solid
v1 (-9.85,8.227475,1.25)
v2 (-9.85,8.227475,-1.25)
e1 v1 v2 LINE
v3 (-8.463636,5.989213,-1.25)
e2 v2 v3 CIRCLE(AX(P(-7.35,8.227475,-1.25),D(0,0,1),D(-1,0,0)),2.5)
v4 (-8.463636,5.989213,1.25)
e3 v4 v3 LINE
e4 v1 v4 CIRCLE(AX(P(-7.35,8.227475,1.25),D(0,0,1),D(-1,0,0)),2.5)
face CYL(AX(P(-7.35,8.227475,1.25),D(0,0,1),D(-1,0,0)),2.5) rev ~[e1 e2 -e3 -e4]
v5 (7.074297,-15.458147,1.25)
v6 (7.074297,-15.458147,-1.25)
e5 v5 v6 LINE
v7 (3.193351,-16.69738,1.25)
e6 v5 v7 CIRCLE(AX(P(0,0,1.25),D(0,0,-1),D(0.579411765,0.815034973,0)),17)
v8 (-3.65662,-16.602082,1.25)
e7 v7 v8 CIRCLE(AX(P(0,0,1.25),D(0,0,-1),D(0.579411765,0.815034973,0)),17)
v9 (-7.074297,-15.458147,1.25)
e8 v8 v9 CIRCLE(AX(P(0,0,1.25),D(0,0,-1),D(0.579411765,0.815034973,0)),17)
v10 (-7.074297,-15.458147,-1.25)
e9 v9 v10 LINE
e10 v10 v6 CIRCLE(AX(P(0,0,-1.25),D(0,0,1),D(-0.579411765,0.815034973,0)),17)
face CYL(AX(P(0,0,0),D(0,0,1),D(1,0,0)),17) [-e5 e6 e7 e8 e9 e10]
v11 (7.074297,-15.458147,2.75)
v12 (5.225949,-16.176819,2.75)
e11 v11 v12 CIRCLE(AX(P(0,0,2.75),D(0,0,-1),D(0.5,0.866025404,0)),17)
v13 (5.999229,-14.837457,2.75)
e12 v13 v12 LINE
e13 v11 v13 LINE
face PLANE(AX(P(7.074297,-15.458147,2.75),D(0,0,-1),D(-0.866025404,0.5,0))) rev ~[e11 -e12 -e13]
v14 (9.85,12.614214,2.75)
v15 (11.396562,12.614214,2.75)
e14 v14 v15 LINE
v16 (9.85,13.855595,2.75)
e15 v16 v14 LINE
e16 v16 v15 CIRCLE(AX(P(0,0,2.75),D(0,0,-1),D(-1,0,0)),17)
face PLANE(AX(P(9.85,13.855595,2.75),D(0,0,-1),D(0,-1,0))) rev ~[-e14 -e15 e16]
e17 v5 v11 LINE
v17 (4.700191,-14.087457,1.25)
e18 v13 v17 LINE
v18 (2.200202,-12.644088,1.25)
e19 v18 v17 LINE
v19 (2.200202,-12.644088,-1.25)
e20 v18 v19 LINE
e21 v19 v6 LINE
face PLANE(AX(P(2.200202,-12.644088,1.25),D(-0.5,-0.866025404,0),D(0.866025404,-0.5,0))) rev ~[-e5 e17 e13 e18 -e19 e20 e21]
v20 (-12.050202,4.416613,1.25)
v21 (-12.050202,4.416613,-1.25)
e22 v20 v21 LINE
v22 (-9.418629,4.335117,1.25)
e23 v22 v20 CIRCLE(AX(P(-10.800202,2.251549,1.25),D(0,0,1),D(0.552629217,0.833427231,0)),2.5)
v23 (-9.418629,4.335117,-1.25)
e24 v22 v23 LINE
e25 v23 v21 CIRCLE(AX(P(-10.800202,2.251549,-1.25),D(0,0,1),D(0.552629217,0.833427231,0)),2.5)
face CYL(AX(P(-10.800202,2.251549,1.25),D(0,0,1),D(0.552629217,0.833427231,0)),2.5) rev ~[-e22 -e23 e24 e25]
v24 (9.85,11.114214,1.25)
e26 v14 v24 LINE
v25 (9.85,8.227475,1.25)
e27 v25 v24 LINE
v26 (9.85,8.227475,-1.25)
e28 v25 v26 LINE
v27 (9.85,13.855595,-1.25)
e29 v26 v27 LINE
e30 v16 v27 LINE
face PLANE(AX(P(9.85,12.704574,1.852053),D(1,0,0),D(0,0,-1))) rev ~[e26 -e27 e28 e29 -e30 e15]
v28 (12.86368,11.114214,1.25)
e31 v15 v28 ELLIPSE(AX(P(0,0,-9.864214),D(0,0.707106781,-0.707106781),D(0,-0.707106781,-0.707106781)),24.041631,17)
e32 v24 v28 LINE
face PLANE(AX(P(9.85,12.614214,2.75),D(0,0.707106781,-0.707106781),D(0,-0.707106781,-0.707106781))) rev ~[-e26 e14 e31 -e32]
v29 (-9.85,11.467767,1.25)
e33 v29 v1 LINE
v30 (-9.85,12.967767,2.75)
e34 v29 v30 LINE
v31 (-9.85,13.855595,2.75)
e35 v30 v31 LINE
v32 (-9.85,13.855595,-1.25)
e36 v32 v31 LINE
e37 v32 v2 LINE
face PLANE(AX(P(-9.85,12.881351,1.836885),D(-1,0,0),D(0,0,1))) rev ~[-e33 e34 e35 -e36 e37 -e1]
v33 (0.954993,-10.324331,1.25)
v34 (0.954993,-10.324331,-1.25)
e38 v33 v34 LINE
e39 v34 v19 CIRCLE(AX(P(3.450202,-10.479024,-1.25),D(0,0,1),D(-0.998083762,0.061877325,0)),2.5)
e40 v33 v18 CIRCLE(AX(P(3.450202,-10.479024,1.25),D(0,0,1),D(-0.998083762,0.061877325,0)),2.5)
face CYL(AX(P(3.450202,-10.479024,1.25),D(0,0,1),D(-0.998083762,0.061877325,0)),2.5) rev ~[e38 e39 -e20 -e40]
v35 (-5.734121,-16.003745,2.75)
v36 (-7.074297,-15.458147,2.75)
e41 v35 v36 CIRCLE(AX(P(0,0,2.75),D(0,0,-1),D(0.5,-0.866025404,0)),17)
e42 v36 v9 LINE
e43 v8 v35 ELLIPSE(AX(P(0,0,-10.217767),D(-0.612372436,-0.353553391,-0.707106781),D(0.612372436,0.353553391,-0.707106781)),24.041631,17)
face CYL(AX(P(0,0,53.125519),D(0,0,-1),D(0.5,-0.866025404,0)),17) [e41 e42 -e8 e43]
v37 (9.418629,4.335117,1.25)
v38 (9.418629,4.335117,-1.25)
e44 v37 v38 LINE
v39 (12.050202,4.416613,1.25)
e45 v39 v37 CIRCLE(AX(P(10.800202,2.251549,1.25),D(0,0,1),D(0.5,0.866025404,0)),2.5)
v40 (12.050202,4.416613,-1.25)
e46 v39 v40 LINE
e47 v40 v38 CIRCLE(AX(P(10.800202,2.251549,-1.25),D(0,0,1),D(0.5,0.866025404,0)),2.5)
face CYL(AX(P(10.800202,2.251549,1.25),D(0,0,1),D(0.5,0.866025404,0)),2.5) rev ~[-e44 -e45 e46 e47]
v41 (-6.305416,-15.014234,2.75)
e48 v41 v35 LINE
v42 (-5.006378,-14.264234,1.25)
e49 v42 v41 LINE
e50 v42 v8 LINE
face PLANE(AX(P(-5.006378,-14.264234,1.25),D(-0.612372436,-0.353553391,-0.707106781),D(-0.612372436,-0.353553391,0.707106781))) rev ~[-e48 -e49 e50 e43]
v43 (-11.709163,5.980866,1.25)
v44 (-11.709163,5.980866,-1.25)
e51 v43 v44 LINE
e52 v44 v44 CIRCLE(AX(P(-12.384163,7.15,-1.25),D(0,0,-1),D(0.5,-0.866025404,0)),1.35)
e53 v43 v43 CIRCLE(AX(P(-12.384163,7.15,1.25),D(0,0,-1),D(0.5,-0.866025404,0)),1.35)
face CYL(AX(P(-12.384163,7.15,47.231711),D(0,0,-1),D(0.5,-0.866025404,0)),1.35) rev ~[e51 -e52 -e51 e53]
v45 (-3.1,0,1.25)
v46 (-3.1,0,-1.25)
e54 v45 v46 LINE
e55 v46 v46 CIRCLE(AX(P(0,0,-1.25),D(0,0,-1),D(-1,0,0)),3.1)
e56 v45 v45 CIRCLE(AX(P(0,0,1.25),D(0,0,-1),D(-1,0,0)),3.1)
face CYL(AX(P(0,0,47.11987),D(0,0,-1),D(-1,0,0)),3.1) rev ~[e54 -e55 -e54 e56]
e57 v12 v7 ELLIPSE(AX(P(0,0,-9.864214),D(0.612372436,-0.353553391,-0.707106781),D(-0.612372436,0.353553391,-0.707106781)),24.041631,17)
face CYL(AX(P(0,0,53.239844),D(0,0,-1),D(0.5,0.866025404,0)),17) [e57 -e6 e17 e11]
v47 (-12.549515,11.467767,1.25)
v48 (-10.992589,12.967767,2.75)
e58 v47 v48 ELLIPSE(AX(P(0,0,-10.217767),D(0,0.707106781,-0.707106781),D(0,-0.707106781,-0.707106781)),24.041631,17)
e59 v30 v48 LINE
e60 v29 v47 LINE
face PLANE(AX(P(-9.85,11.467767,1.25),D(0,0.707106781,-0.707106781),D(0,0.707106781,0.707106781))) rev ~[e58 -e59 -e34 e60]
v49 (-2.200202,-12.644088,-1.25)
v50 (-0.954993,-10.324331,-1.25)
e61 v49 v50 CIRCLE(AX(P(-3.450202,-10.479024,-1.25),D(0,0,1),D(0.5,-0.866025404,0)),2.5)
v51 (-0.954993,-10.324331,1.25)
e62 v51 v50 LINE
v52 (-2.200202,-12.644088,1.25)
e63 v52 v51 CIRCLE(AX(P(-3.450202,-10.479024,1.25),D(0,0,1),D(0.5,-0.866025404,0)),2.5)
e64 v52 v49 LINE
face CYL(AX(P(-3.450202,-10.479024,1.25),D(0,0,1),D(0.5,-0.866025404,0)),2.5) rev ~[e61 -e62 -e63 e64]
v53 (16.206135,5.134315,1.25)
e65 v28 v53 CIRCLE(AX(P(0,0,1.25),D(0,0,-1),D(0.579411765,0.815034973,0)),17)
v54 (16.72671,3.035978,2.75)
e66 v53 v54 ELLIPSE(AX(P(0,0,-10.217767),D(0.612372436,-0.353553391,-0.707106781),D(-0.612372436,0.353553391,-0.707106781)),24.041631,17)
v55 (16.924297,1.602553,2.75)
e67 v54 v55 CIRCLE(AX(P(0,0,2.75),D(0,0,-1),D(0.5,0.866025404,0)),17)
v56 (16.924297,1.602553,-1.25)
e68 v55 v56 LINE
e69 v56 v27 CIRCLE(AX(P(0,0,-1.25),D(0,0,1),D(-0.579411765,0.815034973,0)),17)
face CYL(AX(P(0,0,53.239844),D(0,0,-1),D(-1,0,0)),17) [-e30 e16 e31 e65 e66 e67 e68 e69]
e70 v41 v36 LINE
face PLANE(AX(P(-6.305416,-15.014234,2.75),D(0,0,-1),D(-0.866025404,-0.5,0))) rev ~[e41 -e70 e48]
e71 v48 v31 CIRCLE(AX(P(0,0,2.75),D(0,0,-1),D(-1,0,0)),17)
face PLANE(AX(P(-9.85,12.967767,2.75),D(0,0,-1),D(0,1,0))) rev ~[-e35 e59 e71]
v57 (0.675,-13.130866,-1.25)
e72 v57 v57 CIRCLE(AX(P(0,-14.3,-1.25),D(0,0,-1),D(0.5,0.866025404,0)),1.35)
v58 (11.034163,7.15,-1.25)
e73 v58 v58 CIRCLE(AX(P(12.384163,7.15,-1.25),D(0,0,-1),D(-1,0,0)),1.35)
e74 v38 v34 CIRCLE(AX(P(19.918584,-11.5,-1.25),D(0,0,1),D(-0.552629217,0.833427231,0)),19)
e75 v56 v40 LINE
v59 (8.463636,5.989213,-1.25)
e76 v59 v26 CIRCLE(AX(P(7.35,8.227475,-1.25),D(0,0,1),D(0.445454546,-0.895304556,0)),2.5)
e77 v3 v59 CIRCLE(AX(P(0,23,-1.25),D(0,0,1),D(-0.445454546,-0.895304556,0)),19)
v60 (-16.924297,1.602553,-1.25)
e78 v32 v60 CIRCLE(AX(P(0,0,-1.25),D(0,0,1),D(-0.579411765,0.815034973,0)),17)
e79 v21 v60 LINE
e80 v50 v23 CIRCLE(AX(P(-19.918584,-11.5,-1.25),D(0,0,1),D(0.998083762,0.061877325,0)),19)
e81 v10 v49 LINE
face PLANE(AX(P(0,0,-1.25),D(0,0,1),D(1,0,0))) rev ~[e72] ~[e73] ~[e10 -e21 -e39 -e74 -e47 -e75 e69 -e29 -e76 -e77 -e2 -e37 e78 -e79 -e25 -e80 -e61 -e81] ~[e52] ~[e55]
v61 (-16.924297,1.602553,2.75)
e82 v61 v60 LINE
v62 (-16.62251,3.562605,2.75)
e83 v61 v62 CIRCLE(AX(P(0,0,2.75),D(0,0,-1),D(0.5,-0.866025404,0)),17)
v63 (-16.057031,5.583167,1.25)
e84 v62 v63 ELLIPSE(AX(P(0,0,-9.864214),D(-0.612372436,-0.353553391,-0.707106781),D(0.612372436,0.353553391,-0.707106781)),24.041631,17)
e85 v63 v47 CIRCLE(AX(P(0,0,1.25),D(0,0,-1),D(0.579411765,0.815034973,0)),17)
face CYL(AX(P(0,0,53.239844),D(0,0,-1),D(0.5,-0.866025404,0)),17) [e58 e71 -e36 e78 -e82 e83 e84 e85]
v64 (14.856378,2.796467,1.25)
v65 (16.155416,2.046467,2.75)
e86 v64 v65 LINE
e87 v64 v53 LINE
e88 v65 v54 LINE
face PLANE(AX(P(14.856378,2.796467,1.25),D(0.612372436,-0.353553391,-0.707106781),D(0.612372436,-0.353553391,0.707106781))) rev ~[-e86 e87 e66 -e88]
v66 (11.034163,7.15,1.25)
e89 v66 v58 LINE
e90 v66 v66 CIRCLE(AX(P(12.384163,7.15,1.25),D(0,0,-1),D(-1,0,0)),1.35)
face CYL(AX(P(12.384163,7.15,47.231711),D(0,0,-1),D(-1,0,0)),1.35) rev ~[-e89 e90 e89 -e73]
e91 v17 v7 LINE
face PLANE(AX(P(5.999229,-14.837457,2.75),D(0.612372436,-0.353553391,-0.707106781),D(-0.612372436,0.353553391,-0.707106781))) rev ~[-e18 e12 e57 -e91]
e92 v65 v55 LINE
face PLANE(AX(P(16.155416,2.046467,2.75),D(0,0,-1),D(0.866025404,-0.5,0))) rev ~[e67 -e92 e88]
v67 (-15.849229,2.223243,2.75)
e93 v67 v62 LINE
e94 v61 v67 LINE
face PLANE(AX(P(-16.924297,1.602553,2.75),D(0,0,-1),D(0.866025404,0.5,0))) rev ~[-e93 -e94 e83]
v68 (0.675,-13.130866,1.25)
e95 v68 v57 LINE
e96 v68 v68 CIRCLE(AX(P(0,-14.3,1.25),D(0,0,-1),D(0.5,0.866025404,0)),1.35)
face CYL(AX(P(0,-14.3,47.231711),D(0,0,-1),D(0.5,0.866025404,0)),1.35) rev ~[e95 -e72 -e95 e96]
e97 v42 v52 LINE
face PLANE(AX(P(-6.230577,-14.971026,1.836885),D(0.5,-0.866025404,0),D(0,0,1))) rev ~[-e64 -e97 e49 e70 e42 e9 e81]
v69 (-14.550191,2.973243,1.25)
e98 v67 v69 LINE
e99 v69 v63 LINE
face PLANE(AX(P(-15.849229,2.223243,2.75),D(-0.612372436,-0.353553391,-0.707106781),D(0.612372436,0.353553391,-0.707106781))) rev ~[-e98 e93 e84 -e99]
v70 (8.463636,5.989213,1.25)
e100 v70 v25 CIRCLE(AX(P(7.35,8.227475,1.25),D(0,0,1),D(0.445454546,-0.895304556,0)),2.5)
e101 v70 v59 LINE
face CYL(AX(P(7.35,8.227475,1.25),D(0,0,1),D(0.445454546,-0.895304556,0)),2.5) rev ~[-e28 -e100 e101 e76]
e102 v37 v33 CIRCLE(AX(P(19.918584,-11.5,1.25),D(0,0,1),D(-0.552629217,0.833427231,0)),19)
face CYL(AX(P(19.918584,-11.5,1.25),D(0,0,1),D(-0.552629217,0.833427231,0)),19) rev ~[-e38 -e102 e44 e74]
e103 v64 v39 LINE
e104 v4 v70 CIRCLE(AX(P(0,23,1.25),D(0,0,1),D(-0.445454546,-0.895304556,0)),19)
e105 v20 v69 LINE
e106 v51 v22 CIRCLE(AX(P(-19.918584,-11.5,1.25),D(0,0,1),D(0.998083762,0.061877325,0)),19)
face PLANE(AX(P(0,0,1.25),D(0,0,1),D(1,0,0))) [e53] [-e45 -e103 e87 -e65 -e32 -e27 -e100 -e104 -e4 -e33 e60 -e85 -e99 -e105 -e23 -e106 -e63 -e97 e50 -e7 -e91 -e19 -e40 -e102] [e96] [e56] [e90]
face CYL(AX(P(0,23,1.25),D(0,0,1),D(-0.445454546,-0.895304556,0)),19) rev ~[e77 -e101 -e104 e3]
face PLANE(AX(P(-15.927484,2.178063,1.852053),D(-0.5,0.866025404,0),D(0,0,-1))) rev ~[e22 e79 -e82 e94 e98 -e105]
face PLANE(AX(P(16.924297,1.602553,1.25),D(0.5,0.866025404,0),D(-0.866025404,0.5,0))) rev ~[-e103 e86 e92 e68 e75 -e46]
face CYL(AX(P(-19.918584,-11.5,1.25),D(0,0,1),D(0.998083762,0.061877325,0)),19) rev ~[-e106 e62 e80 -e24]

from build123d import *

# Parameters (mm, degrees)
ESQUISSE1_R                     = 17
BOSS_EXTRU_1_DEPTH              = 1.25
ENL_V_MAT_EXTRU_1_DEPTH         = 25.171263931
D_GAGEMENT_M2_51_D              = 2.7
R_P_TITION_CIRCULAIRE1_COUNT    = 3
DIAM_TRE_DU_PER_AGE_6_2_6_2_1_D = 6.2
BOSS_EXTRU_2_REACH              = 33.74
BOSS_EXTRU_2_END_RADIUS         = 17
BOSS_EXTRU_3_REACH              = 33.834
BOSS_EXTRU_3_END_RADIUS         = 17
R_P_TITION_CIRCULAIRE2_COUNT    = 3


with BuildPart() as part:
    # Esquisse1 → Boss.-Extru.1 (new, symmetric)
    with BuildSketch(Plane.XY):
        Circle(ESQUISSE1_R)
    extrude(amount=BOSS_EXTRU_1_DEPTH, both=True)

    # Esquisse2 → Enlèv. mat.-Extru.1 (cut, through all)
    with BuildSketch(Plane.XY.offset(1.25)):
        with BuildLine():
            Line((-9.85, 13.855594538), (-9.85, 8.227474827))
            ThreePointArc((-9.85, 8.227474827), (-9.475334198, 6.911057512), (-8.463636364, 5.989213437))
            ThreePointArc((-8.463636364, 5.989213437), (0, 4), (8.463636364, 5.989213437))
            ThreePointArc((8.463636364, 5.989213437), (9.475334198, 6.911057512), (9.85, 8.227474827))
            Line((9.85, 8.227474827), (9.85, 13.855594538))
            ThreePointArc((9.85, 13.855594538), (0, 17), (-9.85, 13.855594538))
        make_face()
    enl_v_mat_extru_1 = extrude(amount=-ENL_V_MAT_EXTRU_1_DEPTH, mode=Mode.SUBTRACT)

    # Dégagement M2.51 (through all)
    with Locations(Plane.XY.offset(1.25)):
        with Locations((12.384163274, 7.15)):
            d_gagement_m2_51 = Hole(D_GAGEMENT_M2_51_D / 2)

    # Répétition circulaire1: Enlèv. mat.-Extru.1, Dégagement M2.51 ×3 about axis
    r_p_tition_circulaire1_axis = Axis((0, 0, 0), (0, 0, 1))
    add([enl_v_mat_extru_1.rotate(r_p_tition_circulaire1_axis, i * 360 / R_P_TITION_CIRCULAIRE1_COUNT) for i in range(1, R_P_TITION_CIRCULAIRE1_COUNT)], mode=Mode.SUBTRACT)
    add([d_gagement_m2_51.rotate(r_p_tition_circulaire1_axis, i * 360 / R_P_TITION_CIRCULAIRE1_COUNT) for i in range(1, R_P_TITION_CIRCULAIRE1_COUNT)], mode=Mode.SUBTRACT)

    # Diamètre du perçage Ø6.2 (6.2)1 (through all)
    with Locations(Plane.XY.offset(1.25)):
        with Locations((0, 0)):
            Hole(DIAM_TRE_DU_PER_AGE_6_2_6_2_1_D / 2)

    # Boss.-Extru.2: up to this cylinder (the profile starts inside it)
    boss_extru_2_end = Plane(origin=(0, 0, 1.885519), z_dir=(0, 0, -1)) * Cylinder(BOSS_EXTRU_2_END_RADIUS, 102.48, mode=Mode.PRIVATE)
    # Esquisse8 → Boss.-Extru.2 (add, up to the surface)
    with BuildSketch(Plane(origin=(-9.85, 0, 0), x_dir=(0, 0, -1), z_dir=(1, 0, 0)), mode=Mode.PRIVATE) as boss_extru_2_sk1:
        Polygon((-1.25, 11.467766953), (-2.75, 12.967766953), (-2.75, 13.855594538), (-1.25, 13.855594538), align=None)
    boss_extru_2_tool1 = extrude(boss_extru_2_sk1.sketch, amount=-BOSS_EXTRU_2_REACH, mode=Mode.PRIVATE) & boss_extru_2_end
    boss_extru_2 = boss_extru_2_tool1.solids().sort_by_distance((-9.85, 12.97944, 1.885519))[0]
    add(boss_extru_2)

    # Boss.-Extru.3: up to this cylinder (the profile starts inside it)
    boss_extru_3_end = Plane(origin=(0, 0, 1.905844), z_dir=(0, 0, -1)) * Cylinder(BOSS_EXTRU_3_END_RADIUS, 102.668, mode=Mode.PRIVATE)
    # Esquisse9 → Boss.-Extru.3 (add, up to the surface)
    with BuildSketch(Plane.ZY.offset(-9.85), mode=Mode.PRIVATE) as boss_extru_3_sk1:
        Polygon((1.25, 13.855594538), (2.75, 13.855594538), (2.75, 12.614213562), (1.25, 11.114213562), align=None)
    boss_extru_3_tool1 = extrude(boss_extru_3_sk1.sketch, amount=-BOSS_EXTRU_3_REACH, mode=Mode.PRIVATE) & boss_extru_3_end
    boss_extru_3 = boss_extru_3_tool1.solids().sort_by_distance((9.85, 12.812826, 1.905844))[0]
    add(boss_extru_3)

    # Répétition circulaire2: Boss.-Extru.2, Boss.-Extru.3 ×3 about axis
    r_p_tition_circulaire2_axis = Axis((0, 0, 0), (0, 0, 1))
    add([boss_extru_2.rotate(r_p_tition_circulaire2_axis, i * 360 / R_P_TITION_CIRCULAIRE2_COUNT) for i in range(1, R_P_TITION_CIRCULAIRE2_COUNT)])
    add([boss_extru_3.rotate(r_p_tition_circulaire2_axis, i * 360 / R_P_TITION_CIRCULAIRE2_COUNT) for i in range(1, R_P_TITION_CIRCULAIRE2_COUNT)])


solid = part.part
